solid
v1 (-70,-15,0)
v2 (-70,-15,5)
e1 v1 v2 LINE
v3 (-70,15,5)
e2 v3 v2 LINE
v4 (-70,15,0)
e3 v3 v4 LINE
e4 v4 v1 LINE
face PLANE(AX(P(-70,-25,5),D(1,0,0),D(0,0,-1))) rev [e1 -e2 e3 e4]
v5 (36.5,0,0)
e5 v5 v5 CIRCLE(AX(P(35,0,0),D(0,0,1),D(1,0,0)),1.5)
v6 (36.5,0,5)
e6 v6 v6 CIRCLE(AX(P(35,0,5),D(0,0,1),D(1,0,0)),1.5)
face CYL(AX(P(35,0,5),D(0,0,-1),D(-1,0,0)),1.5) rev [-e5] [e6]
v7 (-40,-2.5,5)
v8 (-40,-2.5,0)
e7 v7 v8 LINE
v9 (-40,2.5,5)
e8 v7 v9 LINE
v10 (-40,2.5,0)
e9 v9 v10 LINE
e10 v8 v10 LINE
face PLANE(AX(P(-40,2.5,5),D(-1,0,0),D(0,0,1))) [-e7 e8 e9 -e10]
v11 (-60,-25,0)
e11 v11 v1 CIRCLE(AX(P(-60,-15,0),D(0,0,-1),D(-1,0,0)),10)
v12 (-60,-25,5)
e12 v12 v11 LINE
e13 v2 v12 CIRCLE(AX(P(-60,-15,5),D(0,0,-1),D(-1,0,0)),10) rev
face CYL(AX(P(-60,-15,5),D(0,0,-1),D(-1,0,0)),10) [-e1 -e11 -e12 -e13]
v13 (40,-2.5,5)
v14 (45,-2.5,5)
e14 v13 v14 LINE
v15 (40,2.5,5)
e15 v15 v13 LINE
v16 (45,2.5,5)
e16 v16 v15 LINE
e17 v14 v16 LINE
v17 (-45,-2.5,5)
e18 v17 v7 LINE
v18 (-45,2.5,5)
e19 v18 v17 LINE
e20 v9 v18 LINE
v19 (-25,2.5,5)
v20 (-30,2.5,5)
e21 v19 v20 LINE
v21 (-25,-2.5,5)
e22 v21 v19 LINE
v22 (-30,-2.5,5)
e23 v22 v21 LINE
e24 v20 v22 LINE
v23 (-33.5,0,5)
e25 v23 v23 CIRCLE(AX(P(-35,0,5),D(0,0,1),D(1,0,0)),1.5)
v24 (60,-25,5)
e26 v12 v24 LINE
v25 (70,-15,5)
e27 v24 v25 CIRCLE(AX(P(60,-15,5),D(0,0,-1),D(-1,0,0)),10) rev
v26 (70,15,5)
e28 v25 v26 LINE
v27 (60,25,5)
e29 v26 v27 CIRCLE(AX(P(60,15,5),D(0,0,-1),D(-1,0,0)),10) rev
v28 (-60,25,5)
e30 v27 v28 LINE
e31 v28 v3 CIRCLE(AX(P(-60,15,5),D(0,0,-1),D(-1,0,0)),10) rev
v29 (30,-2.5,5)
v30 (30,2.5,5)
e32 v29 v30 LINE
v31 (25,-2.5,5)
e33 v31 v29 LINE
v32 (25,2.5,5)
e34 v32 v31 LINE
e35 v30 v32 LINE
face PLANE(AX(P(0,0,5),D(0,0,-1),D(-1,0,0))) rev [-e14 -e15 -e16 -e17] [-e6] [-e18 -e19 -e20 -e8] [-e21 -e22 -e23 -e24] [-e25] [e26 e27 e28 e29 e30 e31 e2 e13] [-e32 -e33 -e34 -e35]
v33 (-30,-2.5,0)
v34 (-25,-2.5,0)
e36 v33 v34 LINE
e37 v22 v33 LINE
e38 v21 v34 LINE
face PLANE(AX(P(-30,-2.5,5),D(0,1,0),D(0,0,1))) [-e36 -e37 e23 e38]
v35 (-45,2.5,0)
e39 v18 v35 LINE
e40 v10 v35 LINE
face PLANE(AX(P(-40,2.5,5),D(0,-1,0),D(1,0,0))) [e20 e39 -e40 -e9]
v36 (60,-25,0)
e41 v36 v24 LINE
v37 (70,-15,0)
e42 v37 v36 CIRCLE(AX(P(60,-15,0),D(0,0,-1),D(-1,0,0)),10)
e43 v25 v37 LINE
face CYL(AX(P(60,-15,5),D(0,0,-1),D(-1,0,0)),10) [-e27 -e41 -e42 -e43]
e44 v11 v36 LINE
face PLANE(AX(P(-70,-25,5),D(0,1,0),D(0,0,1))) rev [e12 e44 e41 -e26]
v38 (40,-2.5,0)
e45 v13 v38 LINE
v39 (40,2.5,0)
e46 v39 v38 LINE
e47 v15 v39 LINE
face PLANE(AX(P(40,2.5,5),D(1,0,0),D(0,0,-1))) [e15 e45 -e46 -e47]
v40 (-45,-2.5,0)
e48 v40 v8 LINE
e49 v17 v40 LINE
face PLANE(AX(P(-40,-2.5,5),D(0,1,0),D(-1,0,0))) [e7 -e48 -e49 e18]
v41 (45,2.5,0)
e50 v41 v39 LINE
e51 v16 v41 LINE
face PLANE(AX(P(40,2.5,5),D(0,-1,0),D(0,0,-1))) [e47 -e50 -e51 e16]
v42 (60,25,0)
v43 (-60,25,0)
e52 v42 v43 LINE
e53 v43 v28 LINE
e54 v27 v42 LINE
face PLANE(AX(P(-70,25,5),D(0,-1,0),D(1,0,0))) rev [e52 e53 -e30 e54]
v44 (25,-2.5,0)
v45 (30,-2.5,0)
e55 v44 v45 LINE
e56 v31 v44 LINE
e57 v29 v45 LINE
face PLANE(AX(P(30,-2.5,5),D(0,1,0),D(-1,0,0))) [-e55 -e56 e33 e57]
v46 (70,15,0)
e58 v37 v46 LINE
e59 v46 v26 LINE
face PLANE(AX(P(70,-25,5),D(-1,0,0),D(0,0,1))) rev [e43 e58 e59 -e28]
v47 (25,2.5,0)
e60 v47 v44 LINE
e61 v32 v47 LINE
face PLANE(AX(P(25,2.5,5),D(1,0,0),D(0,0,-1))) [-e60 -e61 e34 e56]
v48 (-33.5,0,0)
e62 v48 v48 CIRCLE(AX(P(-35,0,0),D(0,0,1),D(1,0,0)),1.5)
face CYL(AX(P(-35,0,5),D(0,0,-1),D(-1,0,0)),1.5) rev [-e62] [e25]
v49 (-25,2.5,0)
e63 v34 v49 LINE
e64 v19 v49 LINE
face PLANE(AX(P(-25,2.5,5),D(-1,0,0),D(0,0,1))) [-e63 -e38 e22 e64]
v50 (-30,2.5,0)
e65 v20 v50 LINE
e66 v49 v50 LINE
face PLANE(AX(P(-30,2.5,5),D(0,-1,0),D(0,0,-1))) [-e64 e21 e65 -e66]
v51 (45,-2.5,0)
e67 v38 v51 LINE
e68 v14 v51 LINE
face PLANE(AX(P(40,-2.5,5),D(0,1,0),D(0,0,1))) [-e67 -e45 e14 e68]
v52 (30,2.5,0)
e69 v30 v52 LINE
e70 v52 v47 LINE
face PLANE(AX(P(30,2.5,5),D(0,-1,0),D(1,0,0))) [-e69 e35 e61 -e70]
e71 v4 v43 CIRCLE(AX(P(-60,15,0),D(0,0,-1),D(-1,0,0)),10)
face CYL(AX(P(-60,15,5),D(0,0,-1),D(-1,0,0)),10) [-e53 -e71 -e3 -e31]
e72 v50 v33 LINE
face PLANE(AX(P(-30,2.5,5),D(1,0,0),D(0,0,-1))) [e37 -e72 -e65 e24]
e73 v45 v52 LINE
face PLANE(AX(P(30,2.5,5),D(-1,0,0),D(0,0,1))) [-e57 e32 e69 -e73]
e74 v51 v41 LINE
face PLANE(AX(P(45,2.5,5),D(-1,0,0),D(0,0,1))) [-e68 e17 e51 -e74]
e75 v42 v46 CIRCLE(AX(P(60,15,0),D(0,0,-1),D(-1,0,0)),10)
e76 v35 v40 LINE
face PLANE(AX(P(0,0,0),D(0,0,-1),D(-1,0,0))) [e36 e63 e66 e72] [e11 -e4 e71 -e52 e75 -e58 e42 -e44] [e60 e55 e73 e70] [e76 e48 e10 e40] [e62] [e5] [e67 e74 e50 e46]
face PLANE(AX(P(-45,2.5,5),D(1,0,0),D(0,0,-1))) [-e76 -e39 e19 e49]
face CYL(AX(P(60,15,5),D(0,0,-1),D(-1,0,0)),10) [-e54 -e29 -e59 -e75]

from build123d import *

# Parameters (mm, degrees)
SKETCH1_W           = 140
SKETCH1_H           = 50
SKETCH1_R           = 1.5
SKETCH1_W_2         = 5
SKETCH1_H_2         = 5
BOSS_EXTRUDE1_DEPTH = 5
FILLET1_R           = 10


with BuildPart() as part:
    # Sketch1 → Boss-Extrude1 (new body)
    with BuildSketch(Plane.XY):
        Rectangle(SKETCH1_W, SKETCH1_H)
        with Locations((35, 0)):
            Circle(SKETCH1_R, mode=Mode.SUBTRACT)
        with Locations((-35, 0)):
            Circle(SKETCH1_R, mode=Mode.SUBTRACT)
        with Locations((27.5, 0)):
            Rectangle(SKETCH1_W_2, SKETCH1_H_2, mode=Mode.SUBTRACT)
        with Locations((42.5, 0)):
            Rectangle(SKETCH1_W_2, SKETCH1_H_2, mode=Mode.SUBTRACT)
        with Locations((-42.5, 0)):
            Rectangle(SKETCH1_W_2, SKETCH1_H_2, mode=Mode.SUBTRACT)
        with Locations((-27.5, 0)):
            Rectangle(SKETCH1_W_2, SKETCH1_H_2, mode=Mode.SUBTRACT)
    extrude(amount=BOSS_EXTRUDE1_DEPTH)

    # Fillet1
    fillet1_edges = [part.edges().sort_by_distance(p)[0] for p in [
        (70, -25, 2.5),
        (-70, -25, 2.5),
        (-70, 25, 2.5),
        (70, 25, 2.5),
    ]]
    fillet(fillet1_edges, radius=FILLET1_R)


solid = part.part
